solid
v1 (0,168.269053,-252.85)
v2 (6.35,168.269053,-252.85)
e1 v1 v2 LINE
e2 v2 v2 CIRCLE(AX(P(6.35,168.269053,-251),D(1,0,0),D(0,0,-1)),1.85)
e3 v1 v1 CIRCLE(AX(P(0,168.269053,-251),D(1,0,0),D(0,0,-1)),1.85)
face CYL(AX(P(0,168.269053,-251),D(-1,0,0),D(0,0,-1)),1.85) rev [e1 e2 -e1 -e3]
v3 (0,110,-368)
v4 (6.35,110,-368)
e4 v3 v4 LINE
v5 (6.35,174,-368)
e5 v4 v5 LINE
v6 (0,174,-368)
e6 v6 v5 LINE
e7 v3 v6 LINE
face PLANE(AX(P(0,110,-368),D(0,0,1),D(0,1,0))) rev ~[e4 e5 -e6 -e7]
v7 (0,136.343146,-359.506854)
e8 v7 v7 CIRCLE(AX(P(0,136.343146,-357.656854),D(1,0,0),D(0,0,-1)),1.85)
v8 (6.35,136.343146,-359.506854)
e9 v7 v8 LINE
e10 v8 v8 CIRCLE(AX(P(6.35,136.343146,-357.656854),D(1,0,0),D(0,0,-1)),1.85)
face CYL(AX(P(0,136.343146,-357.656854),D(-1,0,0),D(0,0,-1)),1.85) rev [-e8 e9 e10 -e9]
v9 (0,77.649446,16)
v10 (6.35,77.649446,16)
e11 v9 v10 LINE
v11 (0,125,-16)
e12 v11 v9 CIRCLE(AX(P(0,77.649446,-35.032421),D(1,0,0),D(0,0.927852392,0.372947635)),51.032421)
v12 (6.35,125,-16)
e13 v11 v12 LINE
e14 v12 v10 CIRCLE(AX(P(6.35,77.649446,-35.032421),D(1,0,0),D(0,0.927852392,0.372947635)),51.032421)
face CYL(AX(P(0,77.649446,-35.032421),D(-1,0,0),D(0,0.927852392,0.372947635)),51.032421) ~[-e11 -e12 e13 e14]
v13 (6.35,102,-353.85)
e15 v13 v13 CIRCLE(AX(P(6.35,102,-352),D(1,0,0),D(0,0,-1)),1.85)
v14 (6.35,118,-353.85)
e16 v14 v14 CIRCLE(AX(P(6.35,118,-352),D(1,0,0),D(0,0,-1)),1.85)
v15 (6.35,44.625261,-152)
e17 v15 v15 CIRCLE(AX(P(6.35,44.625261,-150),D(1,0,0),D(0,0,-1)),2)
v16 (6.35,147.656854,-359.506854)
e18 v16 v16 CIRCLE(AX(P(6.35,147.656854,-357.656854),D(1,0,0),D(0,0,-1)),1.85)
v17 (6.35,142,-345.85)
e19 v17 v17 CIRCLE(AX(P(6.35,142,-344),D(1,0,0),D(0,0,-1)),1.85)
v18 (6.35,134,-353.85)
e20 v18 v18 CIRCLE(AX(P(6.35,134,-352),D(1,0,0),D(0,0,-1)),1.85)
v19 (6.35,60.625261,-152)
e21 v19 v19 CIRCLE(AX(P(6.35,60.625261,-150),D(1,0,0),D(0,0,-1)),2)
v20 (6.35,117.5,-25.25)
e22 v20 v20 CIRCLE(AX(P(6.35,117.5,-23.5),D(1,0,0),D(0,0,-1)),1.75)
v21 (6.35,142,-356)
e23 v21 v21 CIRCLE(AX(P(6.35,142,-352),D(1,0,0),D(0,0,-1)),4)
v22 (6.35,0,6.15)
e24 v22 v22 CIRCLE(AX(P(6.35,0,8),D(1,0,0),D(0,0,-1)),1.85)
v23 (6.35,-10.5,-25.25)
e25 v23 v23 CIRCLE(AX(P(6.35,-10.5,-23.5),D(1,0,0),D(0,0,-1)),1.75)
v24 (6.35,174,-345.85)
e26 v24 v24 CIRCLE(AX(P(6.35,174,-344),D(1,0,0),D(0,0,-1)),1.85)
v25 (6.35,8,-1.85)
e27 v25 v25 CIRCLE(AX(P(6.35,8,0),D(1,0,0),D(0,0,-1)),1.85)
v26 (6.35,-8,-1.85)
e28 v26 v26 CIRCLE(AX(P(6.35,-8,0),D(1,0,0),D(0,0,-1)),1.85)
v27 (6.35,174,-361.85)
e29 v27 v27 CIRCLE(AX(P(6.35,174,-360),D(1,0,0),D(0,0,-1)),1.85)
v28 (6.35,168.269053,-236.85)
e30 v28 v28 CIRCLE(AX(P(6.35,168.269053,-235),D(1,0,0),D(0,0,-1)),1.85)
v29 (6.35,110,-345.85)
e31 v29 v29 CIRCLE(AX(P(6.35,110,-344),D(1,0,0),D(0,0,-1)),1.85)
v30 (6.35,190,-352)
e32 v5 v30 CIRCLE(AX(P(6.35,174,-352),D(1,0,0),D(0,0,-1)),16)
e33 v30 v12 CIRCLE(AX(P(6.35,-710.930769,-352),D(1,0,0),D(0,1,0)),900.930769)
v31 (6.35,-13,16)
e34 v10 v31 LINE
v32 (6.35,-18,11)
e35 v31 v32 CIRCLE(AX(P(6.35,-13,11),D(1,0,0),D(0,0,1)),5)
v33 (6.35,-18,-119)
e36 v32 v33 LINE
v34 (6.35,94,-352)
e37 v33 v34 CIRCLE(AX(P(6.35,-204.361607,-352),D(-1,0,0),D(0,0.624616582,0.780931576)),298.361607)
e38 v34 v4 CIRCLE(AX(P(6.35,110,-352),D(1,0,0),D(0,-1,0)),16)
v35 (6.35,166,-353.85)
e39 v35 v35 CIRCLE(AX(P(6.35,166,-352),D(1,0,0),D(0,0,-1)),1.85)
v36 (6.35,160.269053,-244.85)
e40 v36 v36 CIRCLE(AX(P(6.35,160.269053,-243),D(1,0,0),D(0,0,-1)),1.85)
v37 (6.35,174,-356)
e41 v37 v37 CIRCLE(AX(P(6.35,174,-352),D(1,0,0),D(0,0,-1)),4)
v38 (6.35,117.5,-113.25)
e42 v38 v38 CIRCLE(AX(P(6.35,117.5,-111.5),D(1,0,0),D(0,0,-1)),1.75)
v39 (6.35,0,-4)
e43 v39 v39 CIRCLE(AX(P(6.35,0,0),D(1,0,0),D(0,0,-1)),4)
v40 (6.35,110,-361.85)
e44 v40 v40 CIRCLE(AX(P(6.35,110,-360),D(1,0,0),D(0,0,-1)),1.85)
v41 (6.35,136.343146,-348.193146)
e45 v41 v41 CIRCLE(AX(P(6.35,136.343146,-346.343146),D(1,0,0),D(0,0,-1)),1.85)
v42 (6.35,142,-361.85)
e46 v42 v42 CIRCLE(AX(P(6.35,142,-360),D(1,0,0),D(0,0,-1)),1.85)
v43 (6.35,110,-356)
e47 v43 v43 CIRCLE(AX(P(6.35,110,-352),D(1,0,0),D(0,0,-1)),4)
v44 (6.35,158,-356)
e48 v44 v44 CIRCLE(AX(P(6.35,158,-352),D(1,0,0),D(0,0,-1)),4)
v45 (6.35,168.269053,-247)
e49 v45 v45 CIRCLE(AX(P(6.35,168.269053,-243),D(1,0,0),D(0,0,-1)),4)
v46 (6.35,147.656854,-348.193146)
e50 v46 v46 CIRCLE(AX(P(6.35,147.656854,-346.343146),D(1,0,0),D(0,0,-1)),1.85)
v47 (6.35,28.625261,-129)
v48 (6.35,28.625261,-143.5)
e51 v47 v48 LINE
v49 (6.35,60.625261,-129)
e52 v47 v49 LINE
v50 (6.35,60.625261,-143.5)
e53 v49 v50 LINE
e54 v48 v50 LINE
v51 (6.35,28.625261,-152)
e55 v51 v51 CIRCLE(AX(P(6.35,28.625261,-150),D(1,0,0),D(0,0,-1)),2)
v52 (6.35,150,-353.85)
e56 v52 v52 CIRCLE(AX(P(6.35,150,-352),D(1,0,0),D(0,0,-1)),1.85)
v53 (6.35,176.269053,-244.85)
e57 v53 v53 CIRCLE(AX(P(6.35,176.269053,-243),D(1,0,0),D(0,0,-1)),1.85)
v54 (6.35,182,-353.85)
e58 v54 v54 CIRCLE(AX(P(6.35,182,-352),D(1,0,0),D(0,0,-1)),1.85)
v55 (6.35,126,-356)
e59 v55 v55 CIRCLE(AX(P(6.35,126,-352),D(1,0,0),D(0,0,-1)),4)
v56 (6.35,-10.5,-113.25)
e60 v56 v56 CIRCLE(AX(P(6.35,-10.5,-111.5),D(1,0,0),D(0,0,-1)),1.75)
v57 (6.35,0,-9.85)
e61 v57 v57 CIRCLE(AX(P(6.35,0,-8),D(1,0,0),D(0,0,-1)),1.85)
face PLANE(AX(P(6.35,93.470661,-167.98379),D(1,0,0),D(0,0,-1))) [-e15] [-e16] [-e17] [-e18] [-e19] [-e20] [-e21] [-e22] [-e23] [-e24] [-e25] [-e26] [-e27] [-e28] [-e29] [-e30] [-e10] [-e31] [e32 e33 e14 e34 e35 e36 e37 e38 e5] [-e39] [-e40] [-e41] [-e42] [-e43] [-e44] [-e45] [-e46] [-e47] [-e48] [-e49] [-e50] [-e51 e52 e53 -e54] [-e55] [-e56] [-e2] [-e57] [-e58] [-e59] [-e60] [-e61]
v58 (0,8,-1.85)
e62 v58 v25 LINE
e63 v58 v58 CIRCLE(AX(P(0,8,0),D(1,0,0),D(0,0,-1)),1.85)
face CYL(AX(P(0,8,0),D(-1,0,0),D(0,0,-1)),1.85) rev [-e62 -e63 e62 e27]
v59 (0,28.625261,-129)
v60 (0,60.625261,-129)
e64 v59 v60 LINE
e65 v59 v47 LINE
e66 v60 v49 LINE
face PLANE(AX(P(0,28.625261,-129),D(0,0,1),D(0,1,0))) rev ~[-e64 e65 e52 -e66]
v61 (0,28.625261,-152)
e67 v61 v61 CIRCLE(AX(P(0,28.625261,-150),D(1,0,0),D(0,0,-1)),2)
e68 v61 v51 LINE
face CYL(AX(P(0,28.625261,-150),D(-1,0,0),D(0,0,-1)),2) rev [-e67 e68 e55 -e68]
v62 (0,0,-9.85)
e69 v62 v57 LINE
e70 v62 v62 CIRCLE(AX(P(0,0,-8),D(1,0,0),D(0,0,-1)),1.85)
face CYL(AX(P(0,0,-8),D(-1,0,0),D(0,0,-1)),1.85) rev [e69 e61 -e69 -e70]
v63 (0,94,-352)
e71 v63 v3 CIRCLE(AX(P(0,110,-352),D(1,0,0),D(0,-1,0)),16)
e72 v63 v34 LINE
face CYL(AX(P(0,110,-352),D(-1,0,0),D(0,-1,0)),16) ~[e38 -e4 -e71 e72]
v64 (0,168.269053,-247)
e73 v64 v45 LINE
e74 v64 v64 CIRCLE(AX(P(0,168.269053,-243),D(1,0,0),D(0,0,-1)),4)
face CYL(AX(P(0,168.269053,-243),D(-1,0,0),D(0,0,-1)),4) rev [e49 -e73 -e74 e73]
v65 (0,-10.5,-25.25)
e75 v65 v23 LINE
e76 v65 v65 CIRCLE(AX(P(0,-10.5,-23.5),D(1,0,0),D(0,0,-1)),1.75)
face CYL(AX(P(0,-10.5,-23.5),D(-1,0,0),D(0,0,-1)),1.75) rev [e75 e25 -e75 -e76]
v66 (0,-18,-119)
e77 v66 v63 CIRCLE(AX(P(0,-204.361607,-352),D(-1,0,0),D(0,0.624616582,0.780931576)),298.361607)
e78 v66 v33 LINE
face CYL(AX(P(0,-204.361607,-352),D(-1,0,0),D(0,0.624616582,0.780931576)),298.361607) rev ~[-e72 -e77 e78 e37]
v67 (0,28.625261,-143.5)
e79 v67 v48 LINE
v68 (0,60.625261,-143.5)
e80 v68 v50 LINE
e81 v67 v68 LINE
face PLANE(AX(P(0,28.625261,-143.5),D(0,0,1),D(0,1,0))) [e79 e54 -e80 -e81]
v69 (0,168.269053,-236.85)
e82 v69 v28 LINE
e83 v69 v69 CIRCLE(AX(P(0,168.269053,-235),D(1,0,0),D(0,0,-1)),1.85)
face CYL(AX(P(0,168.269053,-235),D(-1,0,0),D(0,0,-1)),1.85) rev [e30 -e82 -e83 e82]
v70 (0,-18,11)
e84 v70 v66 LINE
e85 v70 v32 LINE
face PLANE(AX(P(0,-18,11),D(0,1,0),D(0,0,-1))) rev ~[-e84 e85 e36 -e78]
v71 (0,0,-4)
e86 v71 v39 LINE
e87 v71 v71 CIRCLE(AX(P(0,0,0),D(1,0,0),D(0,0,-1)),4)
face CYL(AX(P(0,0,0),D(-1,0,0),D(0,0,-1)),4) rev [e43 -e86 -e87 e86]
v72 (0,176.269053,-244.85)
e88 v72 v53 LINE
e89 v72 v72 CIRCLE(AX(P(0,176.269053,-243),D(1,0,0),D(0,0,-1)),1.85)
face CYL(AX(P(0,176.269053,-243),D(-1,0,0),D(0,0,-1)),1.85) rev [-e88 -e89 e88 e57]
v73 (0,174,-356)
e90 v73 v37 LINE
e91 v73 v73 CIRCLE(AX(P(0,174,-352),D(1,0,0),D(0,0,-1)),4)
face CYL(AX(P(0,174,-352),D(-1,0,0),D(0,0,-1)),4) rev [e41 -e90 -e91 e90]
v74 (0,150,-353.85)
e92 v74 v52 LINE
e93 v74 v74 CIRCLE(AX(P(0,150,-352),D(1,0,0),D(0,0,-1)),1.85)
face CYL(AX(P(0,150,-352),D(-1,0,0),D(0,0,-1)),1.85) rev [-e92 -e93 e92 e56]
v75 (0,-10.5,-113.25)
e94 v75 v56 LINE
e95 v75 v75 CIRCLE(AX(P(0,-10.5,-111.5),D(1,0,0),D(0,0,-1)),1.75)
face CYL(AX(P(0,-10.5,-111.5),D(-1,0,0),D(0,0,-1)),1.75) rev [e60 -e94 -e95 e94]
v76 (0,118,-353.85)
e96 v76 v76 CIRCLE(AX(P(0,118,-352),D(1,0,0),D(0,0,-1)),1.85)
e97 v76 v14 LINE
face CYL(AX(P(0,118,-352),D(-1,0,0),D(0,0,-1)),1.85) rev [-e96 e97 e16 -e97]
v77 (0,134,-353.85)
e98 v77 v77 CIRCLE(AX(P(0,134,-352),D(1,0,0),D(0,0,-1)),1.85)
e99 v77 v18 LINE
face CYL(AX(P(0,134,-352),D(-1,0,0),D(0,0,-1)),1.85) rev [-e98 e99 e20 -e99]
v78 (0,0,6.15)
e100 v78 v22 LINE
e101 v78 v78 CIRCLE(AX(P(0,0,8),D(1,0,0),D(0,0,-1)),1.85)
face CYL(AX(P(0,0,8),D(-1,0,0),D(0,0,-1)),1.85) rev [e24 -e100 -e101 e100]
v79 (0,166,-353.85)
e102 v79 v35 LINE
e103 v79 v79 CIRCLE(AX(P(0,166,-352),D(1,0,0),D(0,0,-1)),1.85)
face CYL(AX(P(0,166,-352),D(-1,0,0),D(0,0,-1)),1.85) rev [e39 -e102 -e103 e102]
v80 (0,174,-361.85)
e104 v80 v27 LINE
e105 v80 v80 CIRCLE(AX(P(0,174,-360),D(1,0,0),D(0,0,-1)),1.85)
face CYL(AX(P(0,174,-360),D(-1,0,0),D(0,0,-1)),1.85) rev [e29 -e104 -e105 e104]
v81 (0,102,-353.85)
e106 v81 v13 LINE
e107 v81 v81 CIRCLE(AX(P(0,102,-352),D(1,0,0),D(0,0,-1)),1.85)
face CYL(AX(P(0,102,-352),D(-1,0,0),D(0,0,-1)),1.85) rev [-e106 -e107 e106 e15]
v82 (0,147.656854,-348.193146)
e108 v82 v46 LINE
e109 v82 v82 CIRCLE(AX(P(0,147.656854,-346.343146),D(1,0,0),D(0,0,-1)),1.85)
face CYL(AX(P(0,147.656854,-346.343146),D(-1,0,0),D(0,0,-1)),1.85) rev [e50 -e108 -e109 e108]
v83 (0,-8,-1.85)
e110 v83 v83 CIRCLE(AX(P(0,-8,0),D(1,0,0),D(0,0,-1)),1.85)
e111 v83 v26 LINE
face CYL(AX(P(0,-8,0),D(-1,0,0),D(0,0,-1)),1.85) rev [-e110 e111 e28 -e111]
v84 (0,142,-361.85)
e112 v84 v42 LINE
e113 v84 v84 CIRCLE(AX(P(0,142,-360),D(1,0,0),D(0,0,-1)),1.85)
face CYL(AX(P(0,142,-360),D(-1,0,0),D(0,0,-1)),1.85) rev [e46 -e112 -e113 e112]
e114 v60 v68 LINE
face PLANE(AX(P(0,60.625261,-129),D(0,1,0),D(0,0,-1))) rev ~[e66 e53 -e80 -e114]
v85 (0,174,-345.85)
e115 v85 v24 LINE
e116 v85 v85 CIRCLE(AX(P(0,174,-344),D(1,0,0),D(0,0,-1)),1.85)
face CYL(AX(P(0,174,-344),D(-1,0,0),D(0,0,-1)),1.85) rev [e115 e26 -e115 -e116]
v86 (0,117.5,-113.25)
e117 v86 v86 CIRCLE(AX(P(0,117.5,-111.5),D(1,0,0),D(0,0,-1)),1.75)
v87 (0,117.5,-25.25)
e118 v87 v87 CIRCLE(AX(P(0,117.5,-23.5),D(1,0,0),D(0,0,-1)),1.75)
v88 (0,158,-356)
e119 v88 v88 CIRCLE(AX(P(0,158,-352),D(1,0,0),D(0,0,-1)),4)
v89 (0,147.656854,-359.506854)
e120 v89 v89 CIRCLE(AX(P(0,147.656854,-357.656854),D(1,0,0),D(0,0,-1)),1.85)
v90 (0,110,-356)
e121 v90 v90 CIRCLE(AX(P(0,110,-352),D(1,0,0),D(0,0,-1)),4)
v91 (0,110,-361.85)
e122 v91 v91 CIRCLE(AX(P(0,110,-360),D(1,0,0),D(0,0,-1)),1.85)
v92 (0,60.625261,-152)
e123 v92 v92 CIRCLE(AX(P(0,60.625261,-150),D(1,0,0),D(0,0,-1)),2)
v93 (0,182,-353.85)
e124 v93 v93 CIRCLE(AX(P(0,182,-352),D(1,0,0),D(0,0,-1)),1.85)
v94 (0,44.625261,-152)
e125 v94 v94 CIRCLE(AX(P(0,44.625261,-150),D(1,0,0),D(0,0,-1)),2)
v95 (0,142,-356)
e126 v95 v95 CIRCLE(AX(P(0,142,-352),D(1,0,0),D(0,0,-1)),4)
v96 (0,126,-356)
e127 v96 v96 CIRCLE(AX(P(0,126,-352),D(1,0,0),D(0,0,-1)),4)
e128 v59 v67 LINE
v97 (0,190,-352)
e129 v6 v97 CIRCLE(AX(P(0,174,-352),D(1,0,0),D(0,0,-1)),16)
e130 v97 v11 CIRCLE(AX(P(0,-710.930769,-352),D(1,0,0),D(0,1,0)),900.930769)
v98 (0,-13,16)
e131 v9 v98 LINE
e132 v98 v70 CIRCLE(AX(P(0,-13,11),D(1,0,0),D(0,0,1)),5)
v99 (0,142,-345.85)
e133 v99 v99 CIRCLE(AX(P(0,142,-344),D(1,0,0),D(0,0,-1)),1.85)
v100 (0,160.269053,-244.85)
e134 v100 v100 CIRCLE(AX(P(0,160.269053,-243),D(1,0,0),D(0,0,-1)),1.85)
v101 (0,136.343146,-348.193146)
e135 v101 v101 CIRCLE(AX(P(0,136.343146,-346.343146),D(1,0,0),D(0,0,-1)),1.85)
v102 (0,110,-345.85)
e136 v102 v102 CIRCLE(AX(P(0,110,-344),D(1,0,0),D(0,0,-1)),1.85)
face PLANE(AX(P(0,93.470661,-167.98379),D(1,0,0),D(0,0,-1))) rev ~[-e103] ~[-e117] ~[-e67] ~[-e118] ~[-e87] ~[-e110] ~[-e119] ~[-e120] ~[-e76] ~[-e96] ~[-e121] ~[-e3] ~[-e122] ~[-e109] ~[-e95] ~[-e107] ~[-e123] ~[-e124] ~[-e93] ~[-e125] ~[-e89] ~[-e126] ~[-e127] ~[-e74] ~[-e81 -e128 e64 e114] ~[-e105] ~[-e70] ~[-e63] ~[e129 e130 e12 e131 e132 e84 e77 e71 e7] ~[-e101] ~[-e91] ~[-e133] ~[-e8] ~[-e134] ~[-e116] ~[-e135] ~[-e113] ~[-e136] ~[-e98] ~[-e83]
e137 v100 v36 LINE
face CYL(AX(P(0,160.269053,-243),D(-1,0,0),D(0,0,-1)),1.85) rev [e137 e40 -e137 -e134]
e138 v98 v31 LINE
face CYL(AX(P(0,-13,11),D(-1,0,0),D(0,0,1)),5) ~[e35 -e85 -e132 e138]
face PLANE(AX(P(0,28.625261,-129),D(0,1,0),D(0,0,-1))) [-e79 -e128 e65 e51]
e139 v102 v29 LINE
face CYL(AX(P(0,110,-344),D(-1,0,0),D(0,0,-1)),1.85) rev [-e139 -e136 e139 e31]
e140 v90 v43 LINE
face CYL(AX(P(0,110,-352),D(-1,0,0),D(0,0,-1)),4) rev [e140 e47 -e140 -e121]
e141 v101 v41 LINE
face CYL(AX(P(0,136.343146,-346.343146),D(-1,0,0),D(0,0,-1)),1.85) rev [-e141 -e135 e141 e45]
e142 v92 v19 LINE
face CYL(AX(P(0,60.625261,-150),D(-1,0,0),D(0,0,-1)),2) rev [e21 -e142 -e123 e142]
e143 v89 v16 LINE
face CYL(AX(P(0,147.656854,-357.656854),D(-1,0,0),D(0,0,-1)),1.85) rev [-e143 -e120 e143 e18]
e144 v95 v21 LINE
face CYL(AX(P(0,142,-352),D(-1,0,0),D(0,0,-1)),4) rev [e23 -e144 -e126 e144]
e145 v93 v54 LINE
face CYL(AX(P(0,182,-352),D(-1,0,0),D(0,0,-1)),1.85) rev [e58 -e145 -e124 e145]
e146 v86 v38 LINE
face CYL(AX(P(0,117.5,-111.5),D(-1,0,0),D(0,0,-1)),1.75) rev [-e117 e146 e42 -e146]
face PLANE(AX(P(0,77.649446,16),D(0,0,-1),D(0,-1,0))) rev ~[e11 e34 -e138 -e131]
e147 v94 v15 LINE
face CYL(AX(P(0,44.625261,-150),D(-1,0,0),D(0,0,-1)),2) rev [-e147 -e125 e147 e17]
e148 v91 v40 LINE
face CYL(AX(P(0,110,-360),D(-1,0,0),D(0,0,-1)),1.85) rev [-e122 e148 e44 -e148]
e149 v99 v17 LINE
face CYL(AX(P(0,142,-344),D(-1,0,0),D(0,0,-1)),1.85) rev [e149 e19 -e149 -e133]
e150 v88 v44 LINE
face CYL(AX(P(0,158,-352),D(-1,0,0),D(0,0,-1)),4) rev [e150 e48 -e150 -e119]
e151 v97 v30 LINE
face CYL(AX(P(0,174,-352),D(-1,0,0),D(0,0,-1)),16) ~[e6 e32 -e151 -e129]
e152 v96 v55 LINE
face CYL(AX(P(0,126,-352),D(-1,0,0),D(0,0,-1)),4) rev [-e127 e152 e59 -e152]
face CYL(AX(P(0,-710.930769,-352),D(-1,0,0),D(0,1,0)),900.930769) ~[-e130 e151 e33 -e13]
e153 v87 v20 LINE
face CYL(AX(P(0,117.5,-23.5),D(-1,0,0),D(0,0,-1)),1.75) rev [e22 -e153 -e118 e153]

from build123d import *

# Parameters (mm, degrees)
SKETCH1_R           = 4
SKETCH1_R_2         = 1.85
SKETCH1_R_3         = 2
SKETCH1_R_4         = 1.75
SKETCH1_W           = 14.5
SKETCH1_H           = 32
BOSS_EXTRUDE2_DEPTH = 6.35


with BuildPart() as part:
    # Sketch1 → Boss-Extrude2 (new body)
    with BuildSketch(Plane(origin=(0, 0, 0), x_dir=(0, 0, -1), z_dir=(1, 0, 0))):
        with BuildLine():
            Line((-16, 77.649446494), (-16, -13))
            ThreePointArc((-16, -13), (-14.535533906, -16.535533906), (-11, -18))
            Line((-11, -18), (119, -18))
            ThreePointArc((119, -18), (222.7396039, 64.546181173), (352, 94))
            ThreePointArc((352, 94), (363.313708499, 98.686291501), (368, 110))
            Line((368, 110), (368, 174))
            ThreePointArc((368, 174), (363.313708499, 185.313708499), (352, 190))
            ThreePointArc((352, 190), (180.885272405, 173.600745723), (16, 125))
            ThreePointArc((16, 125), (-7.249835994, 106.224238345), (-16, 77.649446494))
        make_face()
        with Locations((352, 110)):
            Circle(SKETCH1_R, mode=Mode.SUBTRACT)
        with Locations((352, 118)):
            Circle(SKETCH1_R_2, mode=Mode.SUBTRACT)
        with Locations((352, 126)):
            Circle(SKETCH1_R, mode=Mode.SUBTRACT)
        with Locations((352, 134)):
            Circle(SKETCH1_R_2, mode=Mode.SUBTRACT)
        with Locations((352, 142)):
            Circle(SKETCH1_R, mode=Mode.SUBTRACT)
        with Locations((360, 110)):
            Circle(SKETCH1_R_2, mode=Mode.SUBTRACT)
        with Locations((352, 102)):
            Circle(SKETCH1_R_2, mode=Mode.SUBTRACT)
        with Locations((344, 110)):
            Circle(SKETCH1_R_2, mode=Mode.SUBTRACT)
        with Locations((346.343145751, 136.343145751)):
            Circle(SKETCH1_R_2, mode=Mode.SUBTRACT)
        with Locations((344, 142)):
            Circle(SKETCH1_R_2, mode=Mode.SUBTRACT)
        with Locations((346.343145751, 147.656854249)):
            Circle(SKETCH1_R_2, mode=Mode.SUBTRACT)
        with Locations((352, 150)):
            Circle(SKETCH1_R_2, mode=Mode.SUBTRACT)
        with Locations((357.656854249, 147.656854249)):
            Circle(SKETCH1_R_2, mode=Mode.SUBTRACT)
        with Locations((360, 142)):
            Circle(SKETCH1_R_2, mode=Mode.SUBTRACT)
        with Locations((357.656854249, 136.343145751)):
            Circle(SKETCH1_R_2, mode=Mode.SUBTRACT)
        with Locations((344, 174)):
            Circle(SKETCH1_R_2, mode=Mode.SUBTRACT)
        with Locations((352, 182)):
            Circle(SKETCH1_R_2, mode=Mode.SUBTRACT)
        with Locations((360, 174)):
            Circle(SKETCH1_R_2, mode=Mode.SUBTRACT)
        with Locations((352, 158)):
            Circle(SKETCH1_R, mode=Mode.SUBTRACT)
        with Locations((352, 166)):
            Circle(SKETCH1_R_2, mode=Mode.SUBTRACT)
        with Locations((352, 174)):
            Circle(SKETCH1_R, mode=Mode.SUBTRACT)
        Circle(SKETCH1_R, mode=Mode.SUBTRACT)
        with Locations((8, 0)):
            Circle(SKETCH1_R_2, mode=Mode.SUBTRACT)
        with Locations((0, -8)):
            Circle(SKETCH1_R_2, mode=Mode.SUBTRACT)
        with Locations((-8, 0)):
            Circle(SKETCH1_R_2, mode=Mode.SUBTRACT)
        with Locations((0, 8)):
            Circle(SKETCH1_R_2, mode=Mode.SUBTRACT)
        with Locations((150, 28.62526107)):
            Circle(SKETCH1_R_3, mode=Mode.SUBTRACT)
        with Locations((150, 44.62526107)):
            Circle(SKETCH1_R_3, mode=Mode.SUBTRACT)
        with Locations((150, 60.62526107)):
            Circle(SKETCH1_R_3, mode=Mode.SUBTRACT)
        with Locations((243, 168.269053261)):
            Circle(SKETCH1_R, mode=Mode.SUBTRACT)
        with Locations((251, 168.269053261)):
            Circle(SKETCH1_R_2, mode=Mode.SUBTRACT)
        with Locations((243, 160.269053261)):
            Circle(SKETCH1_R_2, mode=Mode.SUBTRACT)
        with Locations((235, 168.269053261)):
            Circle(SKETCH1_R_2, mode=Mode.SUBTRACT)
        with Locations((243, 176.269053261)):
            Circle(SKETCH1_R_2, mode=Mode.SUBTRACT)
        with Locations((23.5, 117.5)):
            Circle(SKETCH1_R_4, mode=Mode.SUBTRACT)
        with Locations((111.5, 117.5)):
            Circle(SKETCH1_R_4, mode=Mode.SUBTRACT)
        with Locations((111.5, -10.5)):
            Circle(SKETCH1_R_4, mode=Mode.SUBTRACT)
        with Locations((23.5, -10.5)):
            Circle(SKETCH1_R_4, mode=Mode.SUBTRACT)
        with Locations((136.25, 44.62526107)):
            Rectangle(SKETCH1_W, SKETCH1_H, mode=Mode.SUBTRACT)
    extrude(amount=BOSS_EXTRUDE2_DEPTH)


solid = part.part
